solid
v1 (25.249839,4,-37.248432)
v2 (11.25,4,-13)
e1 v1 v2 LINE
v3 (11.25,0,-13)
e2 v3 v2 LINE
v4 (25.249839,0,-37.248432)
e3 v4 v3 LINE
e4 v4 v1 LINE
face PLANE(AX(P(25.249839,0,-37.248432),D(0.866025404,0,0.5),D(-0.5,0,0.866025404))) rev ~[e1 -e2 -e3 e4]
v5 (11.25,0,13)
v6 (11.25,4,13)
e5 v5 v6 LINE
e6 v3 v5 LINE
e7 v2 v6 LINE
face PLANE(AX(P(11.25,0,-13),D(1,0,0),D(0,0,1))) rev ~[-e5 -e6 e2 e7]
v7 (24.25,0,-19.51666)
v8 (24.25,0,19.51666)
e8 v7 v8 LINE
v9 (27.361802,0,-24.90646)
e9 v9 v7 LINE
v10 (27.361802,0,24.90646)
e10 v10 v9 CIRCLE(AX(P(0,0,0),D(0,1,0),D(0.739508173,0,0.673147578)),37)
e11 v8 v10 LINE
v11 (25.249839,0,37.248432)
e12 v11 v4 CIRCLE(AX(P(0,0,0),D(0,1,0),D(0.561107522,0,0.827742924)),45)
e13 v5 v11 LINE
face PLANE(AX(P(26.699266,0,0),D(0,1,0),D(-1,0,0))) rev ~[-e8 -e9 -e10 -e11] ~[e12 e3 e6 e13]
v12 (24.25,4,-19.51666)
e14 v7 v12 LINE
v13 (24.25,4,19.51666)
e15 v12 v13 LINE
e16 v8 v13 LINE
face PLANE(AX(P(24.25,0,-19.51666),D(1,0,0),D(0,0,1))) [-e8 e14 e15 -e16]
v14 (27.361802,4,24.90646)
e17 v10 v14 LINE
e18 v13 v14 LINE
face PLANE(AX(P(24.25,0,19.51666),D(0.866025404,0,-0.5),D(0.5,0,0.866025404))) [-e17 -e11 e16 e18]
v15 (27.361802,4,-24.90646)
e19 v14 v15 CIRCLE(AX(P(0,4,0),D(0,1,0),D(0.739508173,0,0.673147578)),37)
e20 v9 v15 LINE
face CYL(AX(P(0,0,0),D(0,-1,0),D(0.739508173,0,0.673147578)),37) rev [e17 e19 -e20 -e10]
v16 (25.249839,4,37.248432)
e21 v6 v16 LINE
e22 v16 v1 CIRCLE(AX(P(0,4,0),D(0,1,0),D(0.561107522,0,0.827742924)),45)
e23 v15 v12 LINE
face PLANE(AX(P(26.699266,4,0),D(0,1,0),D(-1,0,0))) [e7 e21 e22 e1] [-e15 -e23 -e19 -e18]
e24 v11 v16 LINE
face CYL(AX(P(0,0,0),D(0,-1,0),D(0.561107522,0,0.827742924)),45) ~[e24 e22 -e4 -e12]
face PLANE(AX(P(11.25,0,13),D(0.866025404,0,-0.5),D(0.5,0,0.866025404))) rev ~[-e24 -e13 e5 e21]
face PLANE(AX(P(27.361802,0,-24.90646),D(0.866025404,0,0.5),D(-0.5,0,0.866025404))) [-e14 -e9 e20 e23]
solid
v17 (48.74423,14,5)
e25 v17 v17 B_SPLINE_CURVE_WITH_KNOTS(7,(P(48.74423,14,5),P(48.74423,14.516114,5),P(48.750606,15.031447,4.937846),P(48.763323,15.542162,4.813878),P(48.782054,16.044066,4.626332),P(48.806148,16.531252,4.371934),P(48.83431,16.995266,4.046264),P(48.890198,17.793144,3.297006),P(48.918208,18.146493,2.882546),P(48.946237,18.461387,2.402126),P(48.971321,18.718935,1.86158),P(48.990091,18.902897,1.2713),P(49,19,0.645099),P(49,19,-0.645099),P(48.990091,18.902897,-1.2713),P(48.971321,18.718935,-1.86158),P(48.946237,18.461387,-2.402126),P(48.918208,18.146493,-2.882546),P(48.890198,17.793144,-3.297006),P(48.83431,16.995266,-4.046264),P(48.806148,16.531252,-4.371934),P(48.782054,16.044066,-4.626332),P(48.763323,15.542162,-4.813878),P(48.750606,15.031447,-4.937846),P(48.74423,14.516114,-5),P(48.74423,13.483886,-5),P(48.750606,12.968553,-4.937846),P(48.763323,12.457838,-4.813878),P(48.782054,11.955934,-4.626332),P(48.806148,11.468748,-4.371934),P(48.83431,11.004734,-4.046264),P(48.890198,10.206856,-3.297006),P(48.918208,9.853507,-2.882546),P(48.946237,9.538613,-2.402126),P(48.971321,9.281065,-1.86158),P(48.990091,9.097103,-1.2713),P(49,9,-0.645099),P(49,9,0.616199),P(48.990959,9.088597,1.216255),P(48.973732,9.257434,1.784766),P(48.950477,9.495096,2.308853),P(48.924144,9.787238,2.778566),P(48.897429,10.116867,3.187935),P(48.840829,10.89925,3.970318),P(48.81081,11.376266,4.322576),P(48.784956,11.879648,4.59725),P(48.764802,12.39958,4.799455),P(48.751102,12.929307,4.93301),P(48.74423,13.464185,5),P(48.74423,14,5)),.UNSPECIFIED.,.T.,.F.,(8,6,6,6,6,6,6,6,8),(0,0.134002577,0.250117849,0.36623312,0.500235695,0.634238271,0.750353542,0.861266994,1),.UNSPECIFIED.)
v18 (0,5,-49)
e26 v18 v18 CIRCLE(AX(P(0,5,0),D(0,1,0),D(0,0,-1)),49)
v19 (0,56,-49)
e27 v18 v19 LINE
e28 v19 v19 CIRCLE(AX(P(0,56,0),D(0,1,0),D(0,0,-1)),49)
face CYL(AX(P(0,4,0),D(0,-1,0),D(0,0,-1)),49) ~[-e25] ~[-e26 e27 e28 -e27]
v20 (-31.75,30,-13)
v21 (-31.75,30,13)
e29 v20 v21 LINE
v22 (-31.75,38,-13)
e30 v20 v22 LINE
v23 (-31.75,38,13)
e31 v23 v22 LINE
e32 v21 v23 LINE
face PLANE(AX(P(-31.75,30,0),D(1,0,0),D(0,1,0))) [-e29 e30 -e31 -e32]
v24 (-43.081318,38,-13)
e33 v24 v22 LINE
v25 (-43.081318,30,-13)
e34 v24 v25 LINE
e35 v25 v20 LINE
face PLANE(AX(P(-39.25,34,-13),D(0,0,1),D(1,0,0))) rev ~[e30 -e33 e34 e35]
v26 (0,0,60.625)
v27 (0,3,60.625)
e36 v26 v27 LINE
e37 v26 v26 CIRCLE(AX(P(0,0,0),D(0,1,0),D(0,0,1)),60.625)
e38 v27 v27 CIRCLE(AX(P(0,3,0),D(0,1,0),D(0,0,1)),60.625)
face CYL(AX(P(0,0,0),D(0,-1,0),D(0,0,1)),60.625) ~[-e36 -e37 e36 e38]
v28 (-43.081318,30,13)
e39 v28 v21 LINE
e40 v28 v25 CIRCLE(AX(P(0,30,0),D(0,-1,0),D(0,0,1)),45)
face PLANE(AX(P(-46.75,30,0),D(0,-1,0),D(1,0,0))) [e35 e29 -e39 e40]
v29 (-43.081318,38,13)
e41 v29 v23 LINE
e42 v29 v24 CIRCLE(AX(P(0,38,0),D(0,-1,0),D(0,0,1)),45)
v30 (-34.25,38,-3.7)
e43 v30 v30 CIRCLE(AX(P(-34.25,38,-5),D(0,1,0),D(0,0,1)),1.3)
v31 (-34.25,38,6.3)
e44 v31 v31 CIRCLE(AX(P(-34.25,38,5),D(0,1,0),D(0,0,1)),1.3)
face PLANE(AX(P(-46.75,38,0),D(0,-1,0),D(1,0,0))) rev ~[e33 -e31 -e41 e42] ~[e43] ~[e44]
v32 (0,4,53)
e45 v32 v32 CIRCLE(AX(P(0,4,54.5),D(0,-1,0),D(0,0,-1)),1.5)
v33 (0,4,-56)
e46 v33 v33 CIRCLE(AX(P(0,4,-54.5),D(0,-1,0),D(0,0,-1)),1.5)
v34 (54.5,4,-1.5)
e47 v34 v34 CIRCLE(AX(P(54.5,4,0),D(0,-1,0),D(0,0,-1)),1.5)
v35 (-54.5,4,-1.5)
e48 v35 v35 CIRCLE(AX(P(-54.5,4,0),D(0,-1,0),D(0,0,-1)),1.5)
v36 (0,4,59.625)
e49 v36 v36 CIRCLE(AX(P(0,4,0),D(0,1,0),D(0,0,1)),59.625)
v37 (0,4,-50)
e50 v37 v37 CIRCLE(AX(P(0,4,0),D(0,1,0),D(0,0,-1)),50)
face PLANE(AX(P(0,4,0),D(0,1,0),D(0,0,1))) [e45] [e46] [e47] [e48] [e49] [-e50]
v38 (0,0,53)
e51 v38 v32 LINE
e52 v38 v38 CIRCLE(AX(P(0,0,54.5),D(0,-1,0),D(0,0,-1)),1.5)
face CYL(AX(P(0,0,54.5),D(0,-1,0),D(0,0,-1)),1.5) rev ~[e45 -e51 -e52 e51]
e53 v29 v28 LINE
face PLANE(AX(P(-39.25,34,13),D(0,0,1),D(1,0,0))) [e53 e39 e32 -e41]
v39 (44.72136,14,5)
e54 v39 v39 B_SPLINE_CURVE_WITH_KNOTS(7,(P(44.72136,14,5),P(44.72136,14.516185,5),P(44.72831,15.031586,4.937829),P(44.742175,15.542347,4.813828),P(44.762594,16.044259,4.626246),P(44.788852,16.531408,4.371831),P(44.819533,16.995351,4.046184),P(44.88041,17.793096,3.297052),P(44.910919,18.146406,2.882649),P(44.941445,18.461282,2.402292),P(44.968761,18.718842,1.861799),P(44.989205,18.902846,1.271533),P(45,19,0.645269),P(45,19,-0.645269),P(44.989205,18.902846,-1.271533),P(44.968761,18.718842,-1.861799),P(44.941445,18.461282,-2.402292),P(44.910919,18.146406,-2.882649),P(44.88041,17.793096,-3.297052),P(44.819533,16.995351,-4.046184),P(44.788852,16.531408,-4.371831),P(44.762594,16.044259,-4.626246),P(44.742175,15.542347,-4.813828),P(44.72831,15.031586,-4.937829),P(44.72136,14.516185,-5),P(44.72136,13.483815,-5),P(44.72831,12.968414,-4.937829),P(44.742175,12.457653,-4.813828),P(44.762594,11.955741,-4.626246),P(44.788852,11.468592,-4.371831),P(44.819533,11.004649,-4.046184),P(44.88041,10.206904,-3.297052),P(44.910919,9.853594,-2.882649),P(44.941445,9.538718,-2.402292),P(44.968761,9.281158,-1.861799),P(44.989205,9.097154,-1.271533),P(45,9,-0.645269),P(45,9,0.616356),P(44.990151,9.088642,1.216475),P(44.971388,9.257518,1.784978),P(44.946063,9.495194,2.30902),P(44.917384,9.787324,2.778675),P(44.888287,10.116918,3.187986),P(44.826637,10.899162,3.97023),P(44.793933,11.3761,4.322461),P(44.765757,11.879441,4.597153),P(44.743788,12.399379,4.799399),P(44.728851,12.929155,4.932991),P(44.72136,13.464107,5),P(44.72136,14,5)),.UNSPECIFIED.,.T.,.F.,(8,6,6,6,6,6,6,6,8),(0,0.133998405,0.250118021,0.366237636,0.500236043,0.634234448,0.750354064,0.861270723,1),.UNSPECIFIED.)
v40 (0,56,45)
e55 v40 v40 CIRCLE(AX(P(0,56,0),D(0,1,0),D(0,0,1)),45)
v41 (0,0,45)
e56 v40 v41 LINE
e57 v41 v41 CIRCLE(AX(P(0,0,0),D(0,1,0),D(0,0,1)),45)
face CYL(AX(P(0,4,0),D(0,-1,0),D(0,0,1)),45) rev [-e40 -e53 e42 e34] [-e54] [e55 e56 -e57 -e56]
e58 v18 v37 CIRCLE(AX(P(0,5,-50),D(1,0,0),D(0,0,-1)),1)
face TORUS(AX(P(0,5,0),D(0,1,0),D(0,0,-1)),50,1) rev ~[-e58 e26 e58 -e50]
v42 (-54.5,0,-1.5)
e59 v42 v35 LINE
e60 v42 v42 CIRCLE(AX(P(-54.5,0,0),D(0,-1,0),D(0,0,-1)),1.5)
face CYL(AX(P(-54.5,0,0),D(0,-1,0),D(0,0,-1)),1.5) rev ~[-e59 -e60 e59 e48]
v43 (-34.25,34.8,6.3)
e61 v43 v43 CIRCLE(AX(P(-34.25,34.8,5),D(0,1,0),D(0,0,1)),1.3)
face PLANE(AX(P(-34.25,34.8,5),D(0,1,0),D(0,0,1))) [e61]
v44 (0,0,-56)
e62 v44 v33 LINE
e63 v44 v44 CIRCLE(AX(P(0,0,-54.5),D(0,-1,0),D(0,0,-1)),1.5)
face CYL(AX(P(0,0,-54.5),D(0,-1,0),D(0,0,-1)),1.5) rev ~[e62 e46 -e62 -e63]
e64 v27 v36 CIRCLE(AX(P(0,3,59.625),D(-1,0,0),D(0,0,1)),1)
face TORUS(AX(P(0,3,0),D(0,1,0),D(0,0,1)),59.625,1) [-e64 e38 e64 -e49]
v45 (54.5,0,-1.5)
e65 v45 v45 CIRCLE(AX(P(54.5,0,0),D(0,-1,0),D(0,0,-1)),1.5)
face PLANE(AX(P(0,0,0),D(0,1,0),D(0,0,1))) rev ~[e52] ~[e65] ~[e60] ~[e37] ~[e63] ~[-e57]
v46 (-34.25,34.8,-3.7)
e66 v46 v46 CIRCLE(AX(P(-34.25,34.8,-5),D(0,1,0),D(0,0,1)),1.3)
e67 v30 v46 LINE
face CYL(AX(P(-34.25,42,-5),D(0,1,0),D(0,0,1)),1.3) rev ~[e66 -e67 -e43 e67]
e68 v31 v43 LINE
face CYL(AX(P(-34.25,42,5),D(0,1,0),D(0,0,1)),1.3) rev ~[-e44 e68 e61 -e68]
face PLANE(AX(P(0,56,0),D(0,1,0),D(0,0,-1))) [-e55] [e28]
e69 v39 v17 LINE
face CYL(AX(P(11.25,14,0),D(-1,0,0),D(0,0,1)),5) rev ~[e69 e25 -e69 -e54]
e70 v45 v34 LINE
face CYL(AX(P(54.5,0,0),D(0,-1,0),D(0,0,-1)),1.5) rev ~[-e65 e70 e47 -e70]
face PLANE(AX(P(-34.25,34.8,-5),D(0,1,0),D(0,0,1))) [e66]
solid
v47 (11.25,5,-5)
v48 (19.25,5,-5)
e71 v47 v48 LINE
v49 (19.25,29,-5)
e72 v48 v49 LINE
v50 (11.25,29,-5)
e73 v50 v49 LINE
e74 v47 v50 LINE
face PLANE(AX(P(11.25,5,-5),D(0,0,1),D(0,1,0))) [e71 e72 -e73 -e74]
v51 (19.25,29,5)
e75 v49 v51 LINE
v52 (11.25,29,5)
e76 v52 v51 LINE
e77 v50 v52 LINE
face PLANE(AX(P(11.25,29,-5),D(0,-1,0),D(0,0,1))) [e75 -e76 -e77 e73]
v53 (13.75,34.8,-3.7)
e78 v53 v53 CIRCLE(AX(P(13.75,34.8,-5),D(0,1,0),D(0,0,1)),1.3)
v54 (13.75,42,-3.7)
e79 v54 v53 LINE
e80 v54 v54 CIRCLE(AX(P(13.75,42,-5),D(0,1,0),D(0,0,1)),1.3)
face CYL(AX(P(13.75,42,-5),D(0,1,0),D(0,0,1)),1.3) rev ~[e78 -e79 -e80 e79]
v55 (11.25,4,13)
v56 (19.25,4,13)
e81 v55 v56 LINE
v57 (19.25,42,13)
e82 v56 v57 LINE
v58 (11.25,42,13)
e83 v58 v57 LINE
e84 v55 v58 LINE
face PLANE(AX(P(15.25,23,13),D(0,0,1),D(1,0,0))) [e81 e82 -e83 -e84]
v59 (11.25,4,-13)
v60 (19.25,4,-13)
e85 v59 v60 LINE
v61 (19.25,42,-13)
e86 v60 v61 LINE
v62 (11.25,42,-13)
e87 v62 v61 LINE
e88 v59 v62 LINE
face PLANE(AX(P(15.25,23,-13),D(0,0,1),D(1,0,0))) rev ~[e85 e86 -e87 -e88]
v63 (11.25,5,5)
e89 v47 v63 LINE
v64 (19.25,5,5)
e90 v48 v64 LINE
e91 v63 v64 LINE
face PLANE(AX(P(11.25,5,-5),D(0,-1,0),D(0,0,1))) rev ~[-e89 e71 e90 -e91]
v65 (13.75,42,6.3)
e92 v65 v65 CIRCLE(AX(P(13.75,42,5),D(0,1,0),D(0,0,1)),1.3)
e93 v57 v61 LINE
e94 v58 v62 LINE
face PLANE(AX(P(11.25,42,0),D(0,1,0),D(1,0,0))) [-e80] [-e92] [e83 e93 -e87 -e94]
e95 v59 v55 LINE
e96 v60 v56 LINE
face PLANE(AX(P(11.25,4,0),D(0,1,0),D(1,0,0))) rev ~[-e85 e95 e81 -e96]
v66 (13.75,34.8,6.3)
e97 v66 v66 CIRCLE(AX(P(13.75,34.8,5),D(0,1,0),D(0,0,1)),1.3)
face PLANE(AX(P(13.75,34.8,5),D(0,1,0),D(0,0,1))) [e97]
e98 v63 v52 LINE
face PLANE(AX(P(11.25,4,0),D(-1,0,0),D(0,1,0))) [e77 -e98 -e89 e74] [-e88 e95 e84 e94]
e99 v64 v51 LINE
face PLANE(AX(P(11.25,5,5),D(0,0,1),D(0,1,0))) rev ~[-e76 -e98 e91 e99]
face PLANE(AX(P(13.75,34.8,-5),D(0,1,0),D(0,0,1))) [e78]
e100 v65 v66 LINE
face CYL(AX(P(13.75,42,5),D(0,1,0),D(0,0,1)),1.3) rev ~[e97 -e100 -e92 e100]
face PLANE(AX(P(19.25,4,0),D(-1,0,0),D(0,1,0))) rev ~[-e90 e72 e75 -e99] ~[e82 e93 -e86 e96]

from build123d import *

# Parameters (mm, degrees)
SKETCH1_R           = 60.625
SKETCH1_R_2         = 45
BOSS_EXTRUDE1_DEPTH = 4
SKETCH2_R           = 49
SKETCH2_R_2         = 45
BOSS_EXTRUDE2_DEPTH = 52
SKETCH3_W           = 8
SKETCH3_H           = 38
SKETCH3_W_2         = 15
SKETCH3_H_2         = 8
BOSS_EXTRUDE3_DEPTH = 13
SKETCH4_W           = 10
SKETCH4_H           = 24
CUT_EXTRUDE1_DEPTH  = 8
SKETCH5_R           = 5
CUT_EXTRUDE2_DEPTH  = 110.441337026
SKETCH6_R           = 1.3
CUT_EXTRUDE3_DEPTH  = 7.2
BOSS_EXTRUDE4_DEPTH = 4
SKETCH8_R           = 1.5
CUT_EXTRUDE4_DEPTH  = 103.404986506
FILLET1_R           = 1


with BuildPart() as part:
    # Sketch1 → Boss-Extrude1 (new body)
    with BuildSketch(Plane(origin=(0, 0, 0), x_dir=(1, 0, 0), z_dir=(0, 1, 0))):
        with Locations(Location((0, 0, 0), (0, 0, 270))):
            Circle(SKETCH1_R)
        with Locations(Location((0, 0, 0), (0, 0, 270))):
            Circle(SKETCH1_R_2, mode=Mode.SUBTRACT)
    extrude(amount=BOSS_EXTRUDE1_DEPTH)

    # Sketch2 → Boss-Extrude2 (add)
    with BuildSketch(Plane(origin=(0, 4, 0), x_dir=(1, 0, 0), z_dir=(0, 1, 0))):
        with Locations(Location((0, 0, 0), (0, 0, 90))):
            Circle(SKETCH2_R)
        with Locations(Location((0, 0, 0), (0, 0, 270))):
            Circle(SKETCH2_R_2, mode=Mode.SUBTRACT)
    extrude(amount=BOSS_EXTRUDE2_DEPTH)

    # Sketch3 → Boss-Extrude3 (add, symmetric)
    with BuildSketch(Plane.XY):
        with Locations((15.25, 23)):
            Rectangle(SKETCH3_W, SKETCH3_H)
        with Locations((-39.25, 34)):
            Rectangle(SKETCH3_W_2, SKETCH3_H_2)
    extrude(amount=BOSS_EXTRUDE3_DEPTH, both=True)


with BuildPart() as boss_extrude3_piece_1:
    # of the separate pieces the step leaves, piece 1, a body of its own (boss_extrude3_pieces)
    add(part.part.solids().sort_by_distance((0, 0, 60.625))[0])

    # Sketch5 → Cut-Extrude2 (cut, through all)
    with BuildSketch(Plane.ZY.offset(-11.25)):
        with Locations((0, 14)):
            Circle(SKETCH5_R)
    extrude(amount=-CUT_EXTRUDE2_DEPTH, mode=Mode.SUBTRACT)


with BuildPart() as boss_extrude3_piece_2:
    # of the separate pieces the step leaves, piece 2, a body of its own (boss_extrude3_pieces)
    add(part.part.solids().sort_by_distance((19.25, 4, -13))[0])

    # Sketch4 → Cut-Extrude1 (cut)
    with BuildSketch(Plane.ZY.offset(-11.25)):
        with Locations((0, 17)):
            Rectangle(SKETCH4_W, SKETCH4_H)
    extrude(amount=-CUT_EXTRUDE1_DEPTH, mode=Mode.SUBTRACT)


with BuildPart() as cut_extrude3_tool:
    # Sketch6 → Cut-Extrude3 (new body)
    with BuildSketch(Plane(origin=(0, 42, 0), x_dir=(1, 0, 0), z_dir=(0, 1, 0))):
        with Locations(Location((-34.25, 5, 0), (0, 0, 270))):
            Circle(SKETCH6_R)
        with Locations(Location((-34.25, -5, 0), (0, 0, 270))):
            Circle(SKETCH6_R)
        with Locations(Location((13.75, -5, 0), (0, 0, 270))):
            Circle(SKETCH6_R)
        with Locations(Location((13.75, 5, 0), (0, 0, 270))):
            Circle(SKETCH6_R)
    extrude(amount=-CUT_EXTRUDE3_DEPTH)


with BuildPart() as boss_extrude3_piece_1_1:
    add(boss_extrude3_piece_1.part)

    # Cut-Extrude3: cut by cut_extrude3_tool
    add(cut_extrude3_tool.part, mode=Mode.SUBTRACT)

    # Sketch8 → Cut-Extrude4 (cut, through all)
    with BuildSketch(Plane.XZ):
        with Locations(Location((54.5, 0, 0), (0, 0, 270))):
            Circle(SKETCH8_R)
        with Locations(Location((0, -54.5, 0), (0, 0, 270))):
            Circle(SKETCH8_R)
        with Locations(Location((-54.5, 0, 0), (0, 0, 270))):
            Circle(SKETCH8_R)
        with Locations(Location((0, 54.5, 0), (0, 0, 270))):
            Circle(SKETCH8_R)
    extrude(amount=-CUT_EXTRUDE4_DEPTH, mode=Mode.SUBTRACT)

    # Fillet1
    fillet1_edges = [boss_extrude3_piece_1_1.edges().sort_by_distance(p)[0] for p in [
        (0, 4, 49),
        (0, 4, -60.625),
    ]]
    fillet(fillet1_edges, radius=FILLET1_R)


with BuildPart() as boss_extrude3_piece_2_1:
    add(boss_extrude3_piece_2.part)

    # Cut-Extrude3: cut by cut_extrude3_tool
    add(cut_extrude3_tool.part, mode=Mode.SUBTRACT)


with BuildPart() as body_3:
    # Sketch7 → Boss-Extrude4 (new body)
    with BuildSketch(Plane.XZ):
        with BuildLine():
            Line((11.25, 13), (25.249838503, 37.248431585))
            ThreePointArc((25.249838503, 37.248431585), (45, 0), (25.249838503, -37.248431585))
            Line((25.249838503, -37.248431585), (11.25, -13))
            Line((11.25, -13), (11.25, 13))
        make_face()
        with BuildLine():
            Line((24.25, 19.516660498), (27.361802413, 24.906460381))
            ThreePointArc((27.361802413, 24.906460381), (37, 0), (27.361802413, -24.906460381))
            Line((27.361802413, -24.906460381), (24.25, -19.516660498))
            Line((24.25, -19.516660498), (24.25, 19.516660498))
        make_face(mode=Mode.SUBTRACT)
    extrude(amount=-BOSS_EXTRUDE4_DEPTH)


solid = Compound([boss_extrude3_piece_1_1.part, boss_extrude3_piece_2_1.part, body_3.part])
